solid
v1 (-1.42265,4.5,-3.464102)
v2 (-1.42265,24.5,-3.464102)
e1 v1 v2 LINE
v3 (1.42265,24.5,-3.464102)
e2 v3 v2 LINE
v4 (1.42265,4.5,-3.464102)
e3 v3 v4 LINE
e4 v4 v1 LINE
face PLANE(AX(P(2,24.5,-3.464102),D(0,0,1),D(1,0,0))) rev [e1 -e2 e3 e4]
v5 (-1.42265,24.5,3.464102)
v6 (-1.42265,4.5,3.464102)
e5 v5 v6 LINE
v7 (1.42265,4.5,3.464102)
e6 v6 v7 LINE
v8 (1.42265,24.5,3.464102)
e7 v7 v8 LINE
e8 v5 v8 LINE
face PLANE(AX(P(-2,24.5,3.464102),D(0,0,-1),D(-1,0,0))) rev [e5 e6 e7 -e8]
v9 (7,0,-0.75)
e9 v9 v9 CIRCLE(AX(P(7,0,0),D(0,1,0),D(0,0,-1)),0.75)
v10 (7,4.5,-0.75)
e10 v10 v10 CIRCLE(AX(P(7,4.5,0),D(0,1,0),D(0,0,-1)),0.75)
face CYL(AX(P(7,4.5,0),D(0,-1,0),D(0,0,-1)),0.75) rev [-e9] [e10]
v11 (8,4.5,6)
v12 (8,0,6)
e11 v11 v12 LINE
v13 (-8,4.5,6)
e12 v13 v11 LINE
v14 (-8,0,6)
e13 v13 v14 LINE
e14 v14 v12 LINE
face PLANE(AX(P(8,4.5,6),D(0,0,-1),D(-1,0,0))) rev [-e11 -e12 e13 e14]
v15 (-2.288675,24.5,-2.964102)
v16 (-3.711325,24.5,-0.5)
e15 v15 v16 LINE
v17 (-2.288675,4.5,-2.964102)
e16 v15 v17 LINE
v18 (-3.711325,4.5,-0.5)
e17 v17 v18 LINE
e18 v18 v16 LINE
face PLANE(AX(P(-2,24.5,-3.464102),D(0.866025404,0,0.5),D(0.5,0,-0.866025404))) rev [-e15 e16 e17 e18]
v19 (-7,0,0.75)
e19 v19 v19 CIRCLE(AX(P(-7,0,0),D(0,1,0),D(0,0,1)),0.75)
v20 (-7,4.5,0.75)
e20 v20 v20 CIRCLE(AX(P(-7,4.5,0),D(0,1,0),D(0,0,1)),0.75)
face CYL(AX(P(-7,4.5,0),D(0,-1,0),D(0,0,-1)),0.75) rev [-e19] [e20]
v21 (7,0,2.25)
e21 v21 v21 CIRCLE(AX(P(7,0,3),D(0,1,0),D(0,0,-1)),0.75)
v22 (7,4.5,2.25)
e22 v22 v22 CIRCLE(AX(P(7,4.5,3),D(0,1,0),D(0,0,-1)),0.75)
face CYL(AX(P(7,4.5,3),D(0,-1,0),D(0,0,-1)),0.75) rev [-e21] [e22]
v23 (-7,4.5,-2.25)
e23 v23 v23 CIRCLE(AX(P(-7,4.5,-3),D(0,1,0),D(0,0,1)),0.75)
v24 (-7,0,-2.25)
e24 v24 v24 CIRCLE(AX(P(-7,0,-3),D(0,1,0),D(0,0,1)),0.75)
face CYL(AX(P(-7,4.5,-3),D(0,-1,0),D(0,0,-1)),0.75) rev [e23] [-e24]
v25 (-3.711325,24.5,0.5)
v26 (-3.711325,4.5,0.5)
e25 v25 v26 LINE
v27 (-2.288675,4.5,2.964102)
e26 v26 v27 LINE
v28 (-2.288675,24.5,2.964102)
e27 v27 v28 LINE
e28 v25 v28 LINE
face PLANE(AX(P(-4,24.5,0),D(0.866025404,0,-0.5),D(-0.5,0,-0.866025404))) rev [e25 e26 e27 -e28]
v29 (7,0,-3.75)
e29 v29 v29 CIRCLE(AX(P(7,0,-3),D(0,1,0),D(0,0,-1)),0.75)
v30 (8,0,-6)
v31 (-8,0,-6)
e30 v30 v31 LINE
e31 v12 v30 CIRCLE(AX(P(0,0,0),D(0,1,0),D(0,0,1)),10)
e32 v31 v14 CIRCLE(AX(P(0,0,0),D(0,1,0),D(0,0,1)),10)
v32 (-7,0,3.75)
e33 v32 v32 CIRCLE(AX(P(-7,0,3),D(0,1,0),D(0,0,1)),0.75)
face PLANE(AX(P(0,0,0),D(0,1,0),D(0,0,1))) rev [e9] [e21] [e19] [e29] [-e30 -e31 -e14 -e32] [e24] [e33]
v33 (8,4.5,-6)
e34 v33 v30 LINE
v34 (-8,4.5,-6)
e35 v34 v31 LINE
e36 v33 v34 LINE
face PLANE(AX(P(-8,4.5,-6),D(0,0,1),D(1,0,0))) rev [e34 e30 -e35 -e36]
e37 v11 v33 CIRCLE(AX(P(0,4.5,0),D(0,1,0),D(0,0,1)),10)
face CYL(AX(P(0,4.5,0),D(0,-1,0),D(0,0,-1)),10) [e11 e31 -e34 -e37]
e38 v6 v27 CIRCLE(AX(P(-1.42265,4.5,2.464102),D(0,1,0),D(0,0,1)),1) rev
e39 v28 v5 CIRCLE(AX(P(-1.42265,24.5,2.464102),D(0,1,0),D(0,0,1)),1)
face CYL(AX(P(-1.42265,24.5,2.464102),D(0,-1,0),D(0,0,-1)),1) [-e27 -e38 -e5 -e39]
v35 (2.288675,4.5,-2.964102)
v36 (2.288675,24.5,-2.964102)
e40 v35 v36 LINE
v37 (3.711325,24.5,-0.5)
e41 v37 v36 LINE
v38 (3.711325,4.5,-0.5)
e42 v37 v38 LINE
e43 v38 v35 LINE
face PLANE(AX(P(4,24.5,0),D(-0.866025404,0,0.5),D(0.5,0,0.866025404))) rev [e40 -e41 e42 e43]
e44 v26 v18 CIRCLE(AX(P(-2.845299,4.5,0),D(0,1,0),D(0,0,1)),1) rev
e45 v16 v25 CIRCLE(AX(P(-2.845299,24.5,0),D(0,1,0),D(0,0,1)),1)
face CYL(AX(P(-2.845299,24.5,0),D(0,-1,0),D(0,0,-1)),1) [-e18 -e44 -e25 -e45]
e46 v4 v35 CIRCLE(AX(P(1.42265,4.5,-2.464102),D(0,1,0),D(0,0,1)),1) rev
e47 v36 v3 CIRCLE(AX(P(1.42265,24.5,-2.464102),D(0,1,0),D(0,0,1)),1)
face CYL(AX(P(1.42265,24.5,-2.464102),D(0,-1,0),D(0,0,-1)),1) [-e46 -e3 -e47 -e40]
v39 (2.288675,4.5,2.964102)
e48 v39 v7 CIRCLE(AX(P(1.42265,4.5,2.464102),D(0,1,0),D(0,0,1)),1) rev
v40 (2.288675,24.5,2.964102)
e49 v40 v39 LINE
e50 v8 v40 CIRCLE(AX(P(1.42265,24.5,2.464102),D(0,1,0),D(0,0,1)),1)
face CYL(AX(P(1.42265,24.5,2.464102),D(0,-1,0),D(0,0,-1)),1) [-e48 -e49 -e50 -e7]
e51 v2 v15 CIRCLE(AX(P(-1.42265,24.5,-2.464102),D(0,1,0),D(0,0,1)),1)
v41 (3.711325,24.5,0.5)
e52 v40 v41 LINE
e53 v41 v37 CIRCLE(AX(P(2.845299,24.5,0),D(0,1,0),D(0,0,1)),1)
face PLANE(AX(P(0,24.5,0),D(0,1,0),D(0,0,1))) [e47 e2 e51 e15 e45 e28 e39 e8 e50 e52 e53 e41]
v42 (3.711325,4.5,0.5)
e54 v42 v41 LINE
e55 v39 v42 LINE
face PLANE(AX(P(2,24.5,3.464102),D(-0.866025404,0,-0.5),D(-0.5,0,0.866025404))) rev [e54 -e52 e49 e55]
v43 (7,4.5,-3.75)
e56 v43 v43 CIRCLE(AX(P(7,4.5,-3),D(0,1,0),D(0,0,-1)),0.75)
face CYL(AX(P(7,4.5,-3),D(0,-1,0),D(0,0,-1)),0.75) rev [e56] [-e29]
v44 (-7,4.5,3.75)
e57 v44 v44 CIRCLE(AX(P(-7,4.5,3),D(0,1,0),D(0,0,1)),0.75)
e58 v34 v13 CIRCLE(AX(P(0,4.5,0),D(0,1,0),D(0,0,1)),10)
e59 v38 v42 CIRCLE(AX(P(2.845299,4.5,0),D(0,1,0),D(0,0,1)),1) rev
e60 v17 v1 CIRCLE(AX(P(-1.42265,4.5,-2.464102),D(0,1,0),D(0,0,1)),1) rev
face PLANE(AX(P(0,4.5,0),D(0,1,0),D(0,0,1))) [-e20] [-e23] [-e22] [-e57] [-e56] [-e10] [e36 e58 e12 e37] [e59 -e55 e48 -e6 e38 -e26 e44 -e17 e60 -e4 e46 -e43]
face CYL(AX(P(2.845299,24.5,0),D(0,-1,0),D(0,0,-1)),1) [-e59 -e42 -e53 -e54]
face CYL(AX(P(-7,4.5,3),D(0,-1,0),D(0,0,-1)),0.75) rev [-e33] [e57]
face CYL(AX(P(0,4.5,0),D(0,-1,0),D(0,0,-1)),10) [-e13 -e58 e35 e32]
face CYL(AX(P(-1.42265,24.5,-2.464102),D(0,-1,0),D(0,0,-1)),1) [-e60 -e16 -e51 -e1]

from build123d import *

# Parameters (mm, degrees)
SKETCH_1_R      = 0.75
EXTRUDE_1_DEPTH = 4.5
EXTRUDE_2_DEPTH = 20
FILLET_1_R      = 1


with BuildPart() as part:
    # Эскиз1 → Бобышка-Вытянуть1 (new body)
    with BuildSketch(Plane(origin=(0, 0, 0), x_dir=(1, 0, 0), z_dir=(0, 1, 0))):
        with BuildLine():
            Line((-8, 6), (8, 6))
            ThreePointArc((8, 6), (10, 0), (8, -6))
            Line((8, -6), (-8, -6))
            ThreePointArc((-8, -6), (-10, 0), (-8, 6))
        make_face()
        with Locations(Location((-7, 3, 0), (0, 0, 270))):
            Circle(SKETCH_1_R, mode=Mode.SUBTRACT)
        with Locations(Location((-7, 0, 0), (0, 0, 270))):
            Circle(SKETCH_1_R, mode=Mode.SUBTRACT)
        with Locations(Location((-7, -3, 0), (0, 0, 270))):
            Circle(SKETCH_1_R, mode=Mode.SUBTRACT)
        with Locations(Location((7, -3, 0), (0, 0, 90))):
            Circle(SKETCH_1_R, mode=Mode.SUBTRACT)
        with Locations(Location((7, 0, 0), (0, 0, 90))):
            Circle(SKETCH_1_R, mode=Mode.SUBTRACT)
        with Locations(Location((7, 3, 0), (0, 0, 90))):
            Circle(SKETCH_1_R, mode=Mode.SUBTRACT)
    extrude(amount=EXTRUDE_1_DEPTH)

    # Эскиз2 → Бобышка-Вытянуть2 (add)
    with BuildSketch(Plane(origin=(0, 4.5, 0), x_dir=(1, 0, 0), z_dir=(0, 1, 0))):
        Polygon((2, 3.464101615), (-2, 3.464101615), (-4, 0), (-2, -3.464101615), (2, -3.464101615), (4, 0), align=None)
    extrude(amount=EXTRUDE_2_DEPTH)

    # Скругление1
    fillet_1_edges = [part.edges().sort_by_distance(p)[0] for p in [
        (4, 14.5, 0),
        (2, 14.5, -3.464101615),
        (-2, 14.5, -3.464101615),
        (-4, 14.5, 0),
        (-2, 14.5, 3.464101615),
        (2, 14.5, 3.464101615),
    ]]
    fillet(fillet_1_edges, radius=FILLET_1_R)


solid = part.part
